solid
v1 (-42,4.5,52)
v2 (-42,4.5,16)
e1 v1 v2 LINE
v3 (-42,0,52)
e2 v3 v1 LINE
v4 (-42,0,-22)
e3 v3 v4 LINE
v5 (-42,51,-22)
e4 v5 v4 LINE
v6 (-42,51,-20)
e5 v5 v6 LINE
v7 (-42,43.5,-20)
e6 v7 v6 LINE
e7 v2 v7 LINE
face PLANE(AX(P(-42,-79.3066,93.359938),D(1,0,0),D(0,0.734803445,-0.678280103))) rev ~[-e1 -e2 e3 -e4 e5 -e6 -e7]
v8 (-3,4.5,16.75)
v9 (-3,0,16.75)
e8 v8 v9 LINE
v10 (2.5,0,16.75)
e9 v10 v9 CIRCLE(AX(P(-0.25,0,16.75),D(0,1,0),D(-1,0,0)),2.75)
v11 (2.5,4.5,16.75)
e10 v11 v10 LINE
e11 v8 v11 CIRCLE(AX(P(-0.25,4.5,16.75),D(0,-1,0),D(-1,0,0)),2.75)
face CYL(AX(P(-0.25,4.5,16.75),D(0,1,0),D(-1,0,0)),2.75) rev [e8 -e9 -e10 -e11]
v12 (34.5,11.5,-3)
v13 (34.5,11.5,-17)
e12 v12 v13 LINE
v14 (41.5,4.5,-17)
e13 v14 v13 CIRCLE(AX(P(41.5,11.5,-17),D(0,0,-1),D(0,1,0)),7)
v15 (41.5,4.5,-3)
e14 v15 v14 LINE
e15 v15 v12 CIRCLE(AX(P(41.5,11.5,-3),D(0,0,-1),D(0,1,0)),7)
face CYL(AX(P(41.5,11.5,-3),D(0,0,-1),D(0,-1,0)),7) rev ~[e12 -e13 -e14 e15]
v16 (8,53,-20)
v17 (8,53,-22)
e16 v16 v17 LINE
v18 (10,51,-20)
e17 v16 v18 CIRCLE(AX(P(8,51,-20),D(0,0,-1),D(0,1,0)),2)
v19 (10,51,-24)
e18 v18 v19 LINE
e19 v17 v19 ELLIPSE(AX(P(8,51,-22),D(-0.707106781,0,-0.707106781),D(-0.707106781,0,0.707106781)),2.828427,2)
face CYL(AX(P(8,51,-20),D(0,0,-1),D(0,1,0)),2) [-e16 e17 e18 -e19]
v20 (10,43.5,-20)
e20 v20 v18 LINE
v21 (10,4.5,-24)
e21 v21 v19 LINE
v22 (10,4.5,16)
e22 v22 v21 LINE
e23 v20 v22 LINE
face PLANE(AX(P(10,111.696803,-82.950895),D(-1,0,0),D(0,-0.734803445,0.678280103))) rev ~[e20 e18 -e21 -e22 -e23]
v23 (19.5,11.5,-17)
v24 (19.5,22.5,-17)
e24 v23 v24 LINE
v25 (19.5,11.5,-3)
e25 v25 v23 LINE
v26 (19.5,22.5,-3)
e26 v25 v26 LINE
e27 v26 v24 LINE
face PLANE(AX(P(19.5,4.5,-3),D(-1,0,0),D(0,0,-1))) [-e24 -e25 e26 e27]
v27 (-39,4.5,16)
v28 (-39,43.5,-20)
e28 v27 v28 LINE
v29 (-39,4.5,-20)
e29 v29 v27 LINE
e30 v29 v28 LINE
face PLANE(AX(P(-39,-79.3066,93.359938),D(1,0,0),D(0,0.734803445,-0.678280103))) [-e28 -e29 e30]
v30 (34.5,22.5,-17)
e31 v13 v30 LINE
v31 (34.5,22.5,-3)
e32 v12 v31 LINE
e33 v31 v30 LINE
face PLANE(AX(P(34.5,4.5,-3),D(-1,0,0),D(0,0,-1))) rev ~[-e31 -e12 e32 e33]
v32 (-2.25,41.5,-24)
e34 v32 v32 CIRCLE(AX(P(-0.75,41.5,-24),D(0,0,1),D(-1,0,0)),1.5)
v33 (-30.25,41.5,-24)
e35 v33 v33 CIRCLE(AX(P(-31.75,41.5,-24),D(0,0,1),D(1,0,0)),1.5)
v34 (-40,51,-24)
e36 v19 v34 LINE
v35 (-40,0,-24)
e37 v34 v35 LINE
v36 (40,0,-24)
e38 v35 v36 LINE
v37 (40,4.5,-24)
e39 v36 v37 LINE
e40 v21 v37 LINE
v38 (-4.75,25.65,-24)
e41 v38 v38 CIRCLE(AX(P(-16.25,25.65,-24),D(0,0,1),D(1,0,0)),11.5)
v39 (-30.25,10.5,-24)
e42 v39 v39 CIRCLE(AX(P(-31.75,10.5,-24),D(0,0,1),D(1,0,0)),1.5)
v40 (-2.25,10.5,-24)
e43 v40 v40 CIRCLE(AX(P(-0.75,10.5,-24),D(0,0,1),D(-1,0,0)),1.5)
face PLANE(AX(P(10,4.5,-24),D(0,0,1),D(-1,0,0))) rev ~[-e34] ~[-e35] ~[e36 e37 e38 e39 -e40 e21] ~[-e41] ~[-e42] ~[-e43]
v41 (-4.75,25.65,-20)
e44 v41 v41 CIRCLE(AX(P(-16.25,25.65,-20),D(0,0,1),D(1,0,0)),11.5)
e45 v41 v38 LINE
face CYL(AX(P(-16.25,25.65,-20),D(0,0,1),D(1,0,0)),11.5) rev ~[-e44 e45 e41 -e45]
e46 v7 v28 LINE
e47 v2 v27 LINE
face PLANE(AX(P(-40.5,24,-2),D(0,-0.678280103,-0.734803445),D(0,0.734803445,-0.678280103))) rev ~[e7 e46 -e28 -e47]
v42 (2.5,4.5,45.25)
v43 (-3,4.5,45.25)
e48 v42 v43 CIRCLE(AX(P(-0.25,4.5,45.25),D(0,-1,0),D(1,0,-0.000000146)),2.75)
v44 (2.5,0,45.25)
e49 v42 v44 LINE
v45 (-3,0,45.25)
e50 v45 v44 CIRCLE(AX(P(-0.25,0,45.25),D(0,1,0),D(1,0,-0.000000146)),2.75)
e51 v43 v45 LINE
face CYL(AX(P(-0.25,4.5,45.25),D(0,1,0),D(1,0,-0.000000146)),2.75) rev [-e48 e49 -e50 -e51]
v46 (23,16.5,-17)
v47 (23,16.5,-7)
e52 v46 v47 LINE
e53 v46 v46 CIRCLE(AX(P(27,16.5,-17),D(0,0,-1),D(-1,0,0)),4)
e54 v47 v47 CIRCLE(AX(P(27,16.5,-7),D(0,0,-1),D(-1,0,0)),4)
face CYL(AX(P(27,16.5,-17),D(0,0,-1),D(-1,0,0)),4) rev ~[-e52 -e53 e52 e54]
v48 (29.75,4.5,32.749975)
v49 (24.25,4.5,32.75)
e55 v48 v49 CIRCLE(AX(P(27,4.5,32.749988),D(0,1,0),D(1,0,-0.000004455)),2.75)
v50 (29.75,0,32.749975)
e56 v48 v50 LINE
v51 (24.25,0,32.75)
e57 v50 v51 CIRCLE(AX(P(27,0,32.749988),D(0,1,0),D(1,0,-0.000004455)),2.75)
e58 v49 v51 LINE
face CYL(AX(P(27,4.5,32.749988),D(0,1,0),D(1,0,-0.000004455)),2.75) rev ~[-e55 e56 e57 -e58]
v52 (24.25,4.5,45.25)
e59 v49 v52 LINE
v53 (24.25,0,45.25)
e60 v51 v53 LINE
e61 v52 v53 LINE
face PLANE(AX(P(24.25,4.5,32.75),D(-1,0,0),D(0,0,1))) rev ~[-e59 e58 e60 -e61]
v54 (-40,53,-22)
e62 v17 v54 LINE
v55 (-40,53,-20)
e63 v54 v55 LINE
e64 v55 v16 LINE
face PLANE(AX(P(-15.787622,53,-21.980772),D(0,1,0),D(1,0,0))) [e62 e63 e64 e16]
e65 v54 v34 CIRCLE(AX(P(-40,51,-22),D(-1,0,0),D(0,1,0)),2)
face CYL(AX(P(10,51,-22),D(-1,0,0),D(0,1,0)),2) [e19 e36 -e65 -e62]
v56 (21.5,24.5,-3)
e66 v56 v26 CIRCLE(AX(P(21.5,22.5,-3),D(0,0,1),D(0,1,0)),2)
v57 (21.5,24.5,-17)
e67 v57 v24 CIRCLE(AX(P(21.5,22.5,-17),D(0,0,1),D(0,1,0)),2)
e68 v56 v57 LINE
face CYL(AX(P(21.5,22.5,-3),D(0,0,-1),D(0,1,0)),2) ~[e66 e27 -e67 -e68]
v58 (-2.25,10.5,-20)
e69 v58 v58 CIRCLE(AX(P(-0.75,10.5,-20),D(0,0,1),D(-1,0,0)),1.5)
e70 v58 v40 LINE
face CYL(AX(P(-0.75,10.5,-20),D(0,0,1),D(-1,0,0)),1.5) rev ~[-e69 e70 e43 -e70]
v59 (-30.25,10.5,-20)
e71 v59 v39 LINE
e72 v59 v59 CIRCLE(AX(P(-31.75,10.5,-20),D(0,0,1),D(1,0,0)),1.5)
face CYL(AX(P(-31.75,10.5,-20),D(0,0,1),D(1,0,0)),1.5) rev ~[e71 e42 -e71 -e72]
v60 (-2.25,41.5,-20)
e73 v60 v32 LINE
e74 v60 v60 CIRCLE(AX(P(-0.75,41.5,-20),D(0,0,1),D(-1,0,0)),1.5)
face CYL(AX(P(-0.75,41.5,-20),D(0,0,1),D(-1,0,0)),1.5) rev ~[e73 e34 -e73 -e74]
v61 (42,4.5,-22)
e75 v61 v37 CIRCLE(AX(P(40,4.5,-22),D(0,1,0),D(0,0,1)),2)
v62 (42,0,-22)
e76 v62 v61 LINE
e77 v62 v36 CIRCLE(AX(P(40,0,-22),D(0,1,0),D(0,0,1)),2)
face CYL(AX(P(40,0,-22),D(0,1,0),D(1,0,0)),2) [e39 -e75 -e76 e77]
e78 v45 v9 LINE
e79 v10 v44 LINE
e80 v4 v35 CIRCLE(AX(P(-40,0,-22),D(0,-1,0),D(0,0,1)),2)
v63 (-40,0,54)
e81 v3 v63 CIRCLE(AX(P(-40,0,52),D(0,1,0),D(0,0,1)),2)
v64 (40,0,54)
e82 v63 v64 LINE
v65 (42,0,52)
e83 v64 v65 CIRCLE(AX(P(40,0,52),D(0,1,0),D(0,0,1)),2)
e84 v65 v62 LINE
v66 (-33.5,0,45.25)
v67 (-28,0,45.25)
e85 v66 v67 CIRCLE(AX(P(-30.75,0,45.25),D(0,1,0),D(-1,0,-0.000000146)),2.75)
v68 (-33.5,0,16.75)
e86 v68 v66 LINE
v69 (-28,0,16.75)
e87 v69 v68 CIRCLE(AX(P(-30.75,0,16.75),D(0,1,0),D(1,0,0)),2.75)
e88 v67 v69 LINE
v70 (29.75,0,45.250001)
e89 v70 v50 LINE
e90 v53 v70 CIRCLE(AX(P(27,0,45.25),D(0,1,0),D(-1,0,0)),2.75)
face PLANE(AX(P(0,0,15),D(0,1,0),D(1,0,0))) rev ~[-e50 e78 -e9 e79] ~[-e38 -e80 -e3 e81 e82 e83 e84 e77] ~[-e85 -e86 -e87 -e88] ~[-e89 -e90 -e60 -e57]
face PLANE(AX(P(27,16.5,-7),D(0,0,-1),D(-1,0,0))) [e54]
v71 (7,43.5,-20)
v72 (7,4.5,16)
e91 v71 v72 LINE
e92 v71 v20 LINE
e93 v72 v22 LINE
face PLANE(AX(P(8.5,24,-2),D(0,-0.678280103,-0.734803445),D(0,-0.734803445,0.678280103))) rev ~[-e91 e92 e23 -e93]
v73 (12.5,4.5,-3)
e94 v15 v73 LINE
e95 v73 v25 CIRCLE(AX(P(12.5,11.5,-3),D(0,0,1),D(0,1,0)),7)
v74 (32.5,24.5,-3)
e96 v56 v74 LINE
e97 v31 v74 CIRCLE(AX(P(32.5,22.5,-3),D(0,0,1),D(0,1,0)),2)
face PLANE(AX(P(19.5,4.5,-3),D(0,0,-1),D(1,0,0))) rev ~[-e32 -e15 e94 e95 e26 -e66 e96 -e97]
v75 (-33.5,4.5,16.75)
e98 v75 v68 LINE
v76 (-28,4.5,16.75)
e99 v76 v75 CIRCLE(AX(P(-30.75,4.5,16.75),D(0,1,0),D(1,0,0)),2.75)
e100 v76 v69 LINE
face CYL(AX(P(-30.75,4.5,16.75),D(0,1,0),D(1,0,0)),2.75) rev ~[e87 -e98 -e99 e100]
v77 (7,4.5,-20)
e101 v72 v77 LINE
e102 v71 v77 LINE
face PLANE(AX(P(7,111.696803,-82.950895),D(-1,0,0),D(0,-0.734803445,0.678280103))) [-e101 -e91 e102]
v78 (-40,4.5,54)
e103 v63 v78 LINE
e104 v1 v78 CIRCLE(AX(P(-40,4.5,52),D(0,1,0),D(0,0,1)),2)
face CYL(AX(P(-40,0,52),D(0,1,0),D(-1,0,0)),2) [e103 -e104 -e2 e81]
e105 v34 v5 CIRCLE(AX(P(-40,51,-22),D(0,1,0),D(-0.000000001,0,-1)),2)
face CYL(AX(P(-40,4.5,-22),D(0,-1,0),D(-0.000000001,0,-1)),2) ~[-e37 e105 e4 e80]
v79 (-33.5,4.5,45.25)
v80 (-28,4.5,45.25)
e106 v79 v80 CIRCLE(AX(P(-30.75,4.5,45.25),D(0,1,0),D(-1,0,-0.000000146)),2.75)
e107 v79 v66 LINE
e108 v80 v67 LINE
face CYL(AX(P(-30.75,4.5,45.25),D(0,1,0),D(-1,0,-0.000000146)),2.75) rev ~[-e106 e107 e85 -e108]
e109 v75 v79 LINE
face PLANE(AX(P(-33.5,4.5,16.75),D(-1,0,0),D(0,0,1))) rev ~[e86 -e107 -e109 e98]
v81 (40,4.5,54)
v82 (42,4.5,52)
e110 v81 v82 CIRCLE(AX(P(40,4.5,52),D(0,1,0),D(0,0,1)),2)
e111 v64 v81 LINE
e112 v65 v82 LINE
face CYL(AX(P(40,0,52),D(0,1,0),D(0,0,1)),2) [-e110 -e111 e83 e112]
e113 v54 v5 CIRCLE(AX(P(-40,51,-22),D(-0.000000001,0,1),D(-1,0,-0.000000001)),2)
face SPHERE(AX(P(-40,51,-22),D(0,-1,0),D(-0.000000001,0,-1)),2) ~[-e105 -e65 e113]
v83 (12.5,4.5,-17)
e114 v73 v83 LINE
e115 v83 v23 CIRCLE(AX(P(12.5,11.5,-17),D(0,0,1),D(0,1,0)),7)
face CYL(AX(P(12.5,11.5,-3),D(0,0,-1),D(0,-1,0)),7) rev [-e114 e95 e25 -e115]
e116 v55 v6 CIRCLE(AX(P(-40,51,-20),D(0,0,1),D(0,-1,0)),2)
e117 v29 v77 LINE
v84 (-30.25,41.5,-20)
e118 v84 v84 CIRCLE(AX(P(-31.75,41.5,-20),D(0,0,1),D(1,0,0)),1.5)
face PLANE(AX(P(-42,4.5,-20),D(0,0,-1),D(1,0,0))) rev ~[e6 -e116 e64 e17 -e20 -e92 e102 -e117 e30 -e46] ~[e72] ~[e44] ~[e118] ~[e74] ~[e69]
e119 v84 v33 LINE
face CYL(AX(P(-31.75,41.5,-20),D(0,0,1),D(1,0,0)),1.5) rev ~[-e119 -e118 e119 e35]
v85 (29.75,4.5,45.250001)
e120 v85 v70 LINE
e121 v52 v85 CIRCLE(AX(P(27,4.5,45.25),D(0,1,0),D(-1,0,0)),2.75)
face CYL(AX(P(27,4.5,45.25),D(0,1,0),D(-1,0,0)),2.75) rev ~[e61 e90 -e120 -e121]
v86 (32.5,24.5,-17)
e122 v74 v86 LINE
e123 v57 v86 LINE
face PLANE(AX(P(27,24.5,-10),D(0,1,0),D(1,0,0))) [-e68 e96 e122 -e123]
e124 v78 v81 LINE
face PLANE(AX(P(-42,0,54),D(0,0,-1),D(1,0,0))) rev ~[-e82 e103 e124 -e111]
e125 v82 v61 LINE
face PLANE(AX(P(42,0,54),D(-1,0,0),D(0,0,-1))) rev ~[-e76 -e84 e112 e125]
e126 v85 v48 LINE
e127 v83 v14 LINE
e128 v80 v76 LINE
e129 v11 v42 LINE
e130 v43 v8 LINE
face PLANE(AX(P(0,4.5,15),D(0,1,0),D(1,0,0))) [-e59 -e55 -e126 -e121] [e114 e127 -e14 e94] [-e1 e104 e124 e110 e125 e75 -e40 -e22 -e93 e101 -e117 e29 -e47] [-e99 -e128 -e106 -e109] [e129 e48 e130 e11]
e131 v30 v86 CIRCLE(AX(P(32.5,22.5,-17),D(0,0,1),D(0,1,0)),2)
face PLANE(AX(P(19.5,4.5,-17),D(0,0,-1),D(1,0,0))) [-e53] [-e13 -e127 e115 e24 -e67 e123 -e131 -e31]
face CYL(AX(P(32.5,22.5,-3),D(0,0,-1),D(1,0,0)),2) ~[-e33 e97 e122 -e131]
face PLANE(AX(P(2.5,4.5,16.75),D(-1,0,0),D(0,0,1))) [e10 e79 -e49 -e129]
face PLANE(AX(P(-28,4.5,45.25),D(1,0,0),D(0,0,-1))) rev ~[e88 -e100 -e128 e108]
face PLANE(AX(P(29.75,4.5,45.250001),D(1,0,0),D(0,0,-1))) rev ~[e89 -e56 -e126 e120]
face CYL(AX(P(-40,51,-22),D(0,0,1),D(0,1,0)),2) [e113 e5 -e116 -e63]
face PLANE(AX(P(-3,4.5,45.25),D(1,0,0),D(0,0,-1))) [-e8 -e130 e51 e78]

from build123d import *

# Parameters (mm, degrees)
SKETCH1_W               = 84
SKETCH1_H               = 78
BOSS_EXTRUDE1_DEPTH     = 4.5
FILLET2_R               = 2
CUT_EXTRUDE1_DEPTH      = 69.558369292
CUT_EXTRUDE1_DEPTH_BACK = 69.558369292
BOSS_EXTRUDE2_DEPTH     = 48.5
FILLET4_R               = 2
RIB7_REACH              = 115.053
SKETCH4_WALL_W          = 281.181587792
SKETCH4_WALL_H          = 3
RIB8_REACH              = 93.81
SKETCH6_WALL_W          = 238.694589152
SKETCH6_WALL_H          = 3
SKETCH7_R               = 11.5
SKETCH7_R_2             = 1.5
CUT_EXTRUDE2_DEPTH      = 101.244700608
SKETCH8_W               = 15
SKETCH8_H               = 14
BOSS_EXTRUDE3_DEPTH     = 20
FILLET5_R               = 7
FILLET6_R               = 2
SKETCH9_R               = 4
CUT_EXTRUDE3_DEPTH      = 10
CUT_EXTRUDE4_DEPTH      = 84.858511792


with BuildPart() as part:
    # Sketch1 → Boss-Extrude1 (new body)
    with BuildSketch(Plane(origin=(0, 0, 0), x_dir=(1, 0, 0), z_dir=(0, 1, 0))):
        with Locations((0, -15)):
            Rectangle(SKETCH1_W, SKETCH1_H)
    extrude(amount=BOSS_EXTRUDE1_DEPTH)

    # Fillet2
    fillet2_edges = [part.edges().sort_by_distance(p)[0] for p in [
        (-42, 2.25, -24),
        (42, 2.25, -24),
        (42, 2.25, 54),
        (-42, 2.25, 54),
    ]]
    fillet(fillet2_edges, radius=FILLET2_R)

    # Sketch2 → Cut-Extrude1 (cut, two sides)
    with BuildSketch(Plane(origin=(0, 4.5, 0), x_dir=(1, 0, 0), z_dir=(0, 1, 0))) as cut_extrude1_sk:
        with BuildLine():
            Line((-33.5, -16.749999598), (-33.5, -45.249999598))
            ThreePointArc((-33.5, -45.249999598), (-30.750000201, -48), (-28, -45.25))
            Line((-28, -45.25), (-28, -16.749999598))
            ThreePointArc((-28, -16.749999598), (-30.75, -13.999999598), (-33.5, -16.749999598))
        make_face()
        with BuildLine():
            Line((2.5, -16.749999598), (2.5, -45.249999598))
            ThreePointArc((2.5, -45.249999598), (-0.249999799, -48), (-3, -45.25))
            Line((-3, -45.25), (-3, -16.749999598))
            ThreePointArc((-3, -16.749999598), (-0.25, -13.999999598), (2.5, -16.749999598))
        make_face()
    extrude(amount=CUT_EXTRUDE1_DEPTH, mode=Mode.SUBTRACT)
    extrude(cut_extrude1_sk.sketch, amount=-CUT_EXTRUDE1_DEPTH_BACK, mode=Mode.SUBTRACT)

    # Sketch3 → Boss-Extrude2 (add)
    with BuildSketch(Plane(origin=(0, 4.5, 0), x_dir=(1, 0, 0), z_dir=(0, 1, 0))):
        with BuildLine():
            Line((-42, 20), (10, 20))
            Line((10, 20), (10, 24))
            Line((10, 24), (-40, 24))
            ThreePointArc((-40, 24), (-41.414213562, 23.414213562), (-42, 22))
            Line((-42, 22), (-42, 20))
        make_face()
    extrude(amount=BOSS_EXTRUDE2_DEPTH)

    # Fillet4
    fillet4_edges = [part.edges().sort_by_distance(p)[0] for p in [
        (-42, 53, -21),
        (10, 53, -22),
        (-15, 53, -24),
        (-41.414213562, 53, -23.414213562),
    ]]
    fillet(fillet4_edges, radius=FILLET4_R)

    # Sketch4 wall → Rib7 (add, up to next)
    with BuildSketch(Plane(origin=(-42, 24, -2), x_dir=(0, 0.734803444627, -0.678280102733), z_dir=(0, -0.678280102733, -0.734803444627)), mode=Mode.PRIVATE) as rib7_sk1:
        with Locations((0, 1.5)):
            Rectangle(SKETCH4_WALL_W, SKETCH4_WALL_H)
    rib7_tool1 = extrude(rib7_sk1.sketch, amount=RIB7_REACH, mode=Mode.PRIVATE) - part.part
    add(rib7_tool1.solids().sort_by_distance((-42, 24, -2))[0])

    # Sketch6 wall → Rib8 (add, up to next)
    with BuildSketch(Plane(origin=(10, 24, -2), x_dir=(0, -0.734803444627, 0.678280102733), z_dir=(0, -0.678280102733, -0.734803444627)), mode=Mode.PRIVATE) as rib8_sk1:
        with Locations((0, 1.5)):
            Rectangle(SKETCH6_WALL_W, SKETCH6_WALL_H)
    rib8_tool1 = extrude(rib8_sk1.sketch, amount=RIB8_REACH, mode=Mode.PRIVATE) - part.part
    add(rib8_tool1.solids().sort_by_distance((10, 24, -2))[0])

    # Sketch7 → Cut-Extrude2 (cut, through all)
    with BuildSketch(Plane.XY.offset(-20)):
        with Locations((-16.25, 25.65)):
            Circle(SKETCH7_R)
        with Locations((-31.75, 41.5)):
            Circle(SKETCH7_R_2)
        with Locations((-31.75, 10.5)):
            Circle(SKETCH7_R_2)
        with Locations(Location((-0.75, 10.5, 0), (0, 0, 180))):
            Circle(SKETCH7_R_2)
        with Locations(Location((-0.75, 41.5, 0), (0, 0, 180))):
            Circle(SKETCH7_R_2)
    extrude(amount=-CUT_EXTRUDE2_DEPTH, mode=Mode.SUBTRACT)

    # Sketch8 → Boss-Extrude3 (add)
    with BuildSketch(Plane(origin=(0, 4.5, 0), x_dir=(1, 0, 0), z_dir=(0, 1, 0))):
        with Locations((27, 10)):
            Rectangle(SKETCH8_W, SKETCH8_H)
    extrude(amount=BOSS_EXTRUDE3_DEPTH)

    # Fillet5
    fillet5_edges = [part.edges().sort_by_distance(p)[0] for p in [
        (19.5, 4.5, -10),
        (34.5, 4.5, -10),
    ]]
    fillet(fillet5_edges, radius=FILLET5_R)

    # Fillet6
    fillet6_edges = [part.edges().sort_by_distance(p)[0] for p in [
        (19.5, 24.5, -10),
        (34.5, 24.5, -10),
    ]]
    fillet(fillet6_edges, radius=FILLET6_R)

    # Sketch9 → Cut-Extrude3 (cut)
    with BuildSketch(Plane(origin=(0, 0, -17), x_dir=(-1, 0, 0), z_dir=(0, 0, -1))):
        with Locations((-27, 16.5)):
            Circle(SKETCH9_R)
    extrude(amount=-CUT_EXTRUDE3_DEPTH, mode=Mode.SUBTRACT)

    # Sketch10 → Cut-Extrude4 (cut, through all)
    with BuildSketch(Plane(origin=(0, 4.5, 0), x_dir=(1, 0, 0), z_dir=(0, 1, 0))):
        with BuildLine():
            Line((24.25, -32.75), (24.25, -45.25))
            ThreePointArc((24.25, -45.25), (26.999999703, -48), (29.75, -45.250000593))
            Line((29.75, -45.250000593), (29.75, -32.749975496))
            ThreePointArc((29.75, -32.749975496), (26.999987748, -29.999987748), (24.25, -32.75))
        make_face()
    extrude(amount=-CUT_EXTRUDE4_DEPTH, mode=Mode.SUBTRACT)


solid = part.part
